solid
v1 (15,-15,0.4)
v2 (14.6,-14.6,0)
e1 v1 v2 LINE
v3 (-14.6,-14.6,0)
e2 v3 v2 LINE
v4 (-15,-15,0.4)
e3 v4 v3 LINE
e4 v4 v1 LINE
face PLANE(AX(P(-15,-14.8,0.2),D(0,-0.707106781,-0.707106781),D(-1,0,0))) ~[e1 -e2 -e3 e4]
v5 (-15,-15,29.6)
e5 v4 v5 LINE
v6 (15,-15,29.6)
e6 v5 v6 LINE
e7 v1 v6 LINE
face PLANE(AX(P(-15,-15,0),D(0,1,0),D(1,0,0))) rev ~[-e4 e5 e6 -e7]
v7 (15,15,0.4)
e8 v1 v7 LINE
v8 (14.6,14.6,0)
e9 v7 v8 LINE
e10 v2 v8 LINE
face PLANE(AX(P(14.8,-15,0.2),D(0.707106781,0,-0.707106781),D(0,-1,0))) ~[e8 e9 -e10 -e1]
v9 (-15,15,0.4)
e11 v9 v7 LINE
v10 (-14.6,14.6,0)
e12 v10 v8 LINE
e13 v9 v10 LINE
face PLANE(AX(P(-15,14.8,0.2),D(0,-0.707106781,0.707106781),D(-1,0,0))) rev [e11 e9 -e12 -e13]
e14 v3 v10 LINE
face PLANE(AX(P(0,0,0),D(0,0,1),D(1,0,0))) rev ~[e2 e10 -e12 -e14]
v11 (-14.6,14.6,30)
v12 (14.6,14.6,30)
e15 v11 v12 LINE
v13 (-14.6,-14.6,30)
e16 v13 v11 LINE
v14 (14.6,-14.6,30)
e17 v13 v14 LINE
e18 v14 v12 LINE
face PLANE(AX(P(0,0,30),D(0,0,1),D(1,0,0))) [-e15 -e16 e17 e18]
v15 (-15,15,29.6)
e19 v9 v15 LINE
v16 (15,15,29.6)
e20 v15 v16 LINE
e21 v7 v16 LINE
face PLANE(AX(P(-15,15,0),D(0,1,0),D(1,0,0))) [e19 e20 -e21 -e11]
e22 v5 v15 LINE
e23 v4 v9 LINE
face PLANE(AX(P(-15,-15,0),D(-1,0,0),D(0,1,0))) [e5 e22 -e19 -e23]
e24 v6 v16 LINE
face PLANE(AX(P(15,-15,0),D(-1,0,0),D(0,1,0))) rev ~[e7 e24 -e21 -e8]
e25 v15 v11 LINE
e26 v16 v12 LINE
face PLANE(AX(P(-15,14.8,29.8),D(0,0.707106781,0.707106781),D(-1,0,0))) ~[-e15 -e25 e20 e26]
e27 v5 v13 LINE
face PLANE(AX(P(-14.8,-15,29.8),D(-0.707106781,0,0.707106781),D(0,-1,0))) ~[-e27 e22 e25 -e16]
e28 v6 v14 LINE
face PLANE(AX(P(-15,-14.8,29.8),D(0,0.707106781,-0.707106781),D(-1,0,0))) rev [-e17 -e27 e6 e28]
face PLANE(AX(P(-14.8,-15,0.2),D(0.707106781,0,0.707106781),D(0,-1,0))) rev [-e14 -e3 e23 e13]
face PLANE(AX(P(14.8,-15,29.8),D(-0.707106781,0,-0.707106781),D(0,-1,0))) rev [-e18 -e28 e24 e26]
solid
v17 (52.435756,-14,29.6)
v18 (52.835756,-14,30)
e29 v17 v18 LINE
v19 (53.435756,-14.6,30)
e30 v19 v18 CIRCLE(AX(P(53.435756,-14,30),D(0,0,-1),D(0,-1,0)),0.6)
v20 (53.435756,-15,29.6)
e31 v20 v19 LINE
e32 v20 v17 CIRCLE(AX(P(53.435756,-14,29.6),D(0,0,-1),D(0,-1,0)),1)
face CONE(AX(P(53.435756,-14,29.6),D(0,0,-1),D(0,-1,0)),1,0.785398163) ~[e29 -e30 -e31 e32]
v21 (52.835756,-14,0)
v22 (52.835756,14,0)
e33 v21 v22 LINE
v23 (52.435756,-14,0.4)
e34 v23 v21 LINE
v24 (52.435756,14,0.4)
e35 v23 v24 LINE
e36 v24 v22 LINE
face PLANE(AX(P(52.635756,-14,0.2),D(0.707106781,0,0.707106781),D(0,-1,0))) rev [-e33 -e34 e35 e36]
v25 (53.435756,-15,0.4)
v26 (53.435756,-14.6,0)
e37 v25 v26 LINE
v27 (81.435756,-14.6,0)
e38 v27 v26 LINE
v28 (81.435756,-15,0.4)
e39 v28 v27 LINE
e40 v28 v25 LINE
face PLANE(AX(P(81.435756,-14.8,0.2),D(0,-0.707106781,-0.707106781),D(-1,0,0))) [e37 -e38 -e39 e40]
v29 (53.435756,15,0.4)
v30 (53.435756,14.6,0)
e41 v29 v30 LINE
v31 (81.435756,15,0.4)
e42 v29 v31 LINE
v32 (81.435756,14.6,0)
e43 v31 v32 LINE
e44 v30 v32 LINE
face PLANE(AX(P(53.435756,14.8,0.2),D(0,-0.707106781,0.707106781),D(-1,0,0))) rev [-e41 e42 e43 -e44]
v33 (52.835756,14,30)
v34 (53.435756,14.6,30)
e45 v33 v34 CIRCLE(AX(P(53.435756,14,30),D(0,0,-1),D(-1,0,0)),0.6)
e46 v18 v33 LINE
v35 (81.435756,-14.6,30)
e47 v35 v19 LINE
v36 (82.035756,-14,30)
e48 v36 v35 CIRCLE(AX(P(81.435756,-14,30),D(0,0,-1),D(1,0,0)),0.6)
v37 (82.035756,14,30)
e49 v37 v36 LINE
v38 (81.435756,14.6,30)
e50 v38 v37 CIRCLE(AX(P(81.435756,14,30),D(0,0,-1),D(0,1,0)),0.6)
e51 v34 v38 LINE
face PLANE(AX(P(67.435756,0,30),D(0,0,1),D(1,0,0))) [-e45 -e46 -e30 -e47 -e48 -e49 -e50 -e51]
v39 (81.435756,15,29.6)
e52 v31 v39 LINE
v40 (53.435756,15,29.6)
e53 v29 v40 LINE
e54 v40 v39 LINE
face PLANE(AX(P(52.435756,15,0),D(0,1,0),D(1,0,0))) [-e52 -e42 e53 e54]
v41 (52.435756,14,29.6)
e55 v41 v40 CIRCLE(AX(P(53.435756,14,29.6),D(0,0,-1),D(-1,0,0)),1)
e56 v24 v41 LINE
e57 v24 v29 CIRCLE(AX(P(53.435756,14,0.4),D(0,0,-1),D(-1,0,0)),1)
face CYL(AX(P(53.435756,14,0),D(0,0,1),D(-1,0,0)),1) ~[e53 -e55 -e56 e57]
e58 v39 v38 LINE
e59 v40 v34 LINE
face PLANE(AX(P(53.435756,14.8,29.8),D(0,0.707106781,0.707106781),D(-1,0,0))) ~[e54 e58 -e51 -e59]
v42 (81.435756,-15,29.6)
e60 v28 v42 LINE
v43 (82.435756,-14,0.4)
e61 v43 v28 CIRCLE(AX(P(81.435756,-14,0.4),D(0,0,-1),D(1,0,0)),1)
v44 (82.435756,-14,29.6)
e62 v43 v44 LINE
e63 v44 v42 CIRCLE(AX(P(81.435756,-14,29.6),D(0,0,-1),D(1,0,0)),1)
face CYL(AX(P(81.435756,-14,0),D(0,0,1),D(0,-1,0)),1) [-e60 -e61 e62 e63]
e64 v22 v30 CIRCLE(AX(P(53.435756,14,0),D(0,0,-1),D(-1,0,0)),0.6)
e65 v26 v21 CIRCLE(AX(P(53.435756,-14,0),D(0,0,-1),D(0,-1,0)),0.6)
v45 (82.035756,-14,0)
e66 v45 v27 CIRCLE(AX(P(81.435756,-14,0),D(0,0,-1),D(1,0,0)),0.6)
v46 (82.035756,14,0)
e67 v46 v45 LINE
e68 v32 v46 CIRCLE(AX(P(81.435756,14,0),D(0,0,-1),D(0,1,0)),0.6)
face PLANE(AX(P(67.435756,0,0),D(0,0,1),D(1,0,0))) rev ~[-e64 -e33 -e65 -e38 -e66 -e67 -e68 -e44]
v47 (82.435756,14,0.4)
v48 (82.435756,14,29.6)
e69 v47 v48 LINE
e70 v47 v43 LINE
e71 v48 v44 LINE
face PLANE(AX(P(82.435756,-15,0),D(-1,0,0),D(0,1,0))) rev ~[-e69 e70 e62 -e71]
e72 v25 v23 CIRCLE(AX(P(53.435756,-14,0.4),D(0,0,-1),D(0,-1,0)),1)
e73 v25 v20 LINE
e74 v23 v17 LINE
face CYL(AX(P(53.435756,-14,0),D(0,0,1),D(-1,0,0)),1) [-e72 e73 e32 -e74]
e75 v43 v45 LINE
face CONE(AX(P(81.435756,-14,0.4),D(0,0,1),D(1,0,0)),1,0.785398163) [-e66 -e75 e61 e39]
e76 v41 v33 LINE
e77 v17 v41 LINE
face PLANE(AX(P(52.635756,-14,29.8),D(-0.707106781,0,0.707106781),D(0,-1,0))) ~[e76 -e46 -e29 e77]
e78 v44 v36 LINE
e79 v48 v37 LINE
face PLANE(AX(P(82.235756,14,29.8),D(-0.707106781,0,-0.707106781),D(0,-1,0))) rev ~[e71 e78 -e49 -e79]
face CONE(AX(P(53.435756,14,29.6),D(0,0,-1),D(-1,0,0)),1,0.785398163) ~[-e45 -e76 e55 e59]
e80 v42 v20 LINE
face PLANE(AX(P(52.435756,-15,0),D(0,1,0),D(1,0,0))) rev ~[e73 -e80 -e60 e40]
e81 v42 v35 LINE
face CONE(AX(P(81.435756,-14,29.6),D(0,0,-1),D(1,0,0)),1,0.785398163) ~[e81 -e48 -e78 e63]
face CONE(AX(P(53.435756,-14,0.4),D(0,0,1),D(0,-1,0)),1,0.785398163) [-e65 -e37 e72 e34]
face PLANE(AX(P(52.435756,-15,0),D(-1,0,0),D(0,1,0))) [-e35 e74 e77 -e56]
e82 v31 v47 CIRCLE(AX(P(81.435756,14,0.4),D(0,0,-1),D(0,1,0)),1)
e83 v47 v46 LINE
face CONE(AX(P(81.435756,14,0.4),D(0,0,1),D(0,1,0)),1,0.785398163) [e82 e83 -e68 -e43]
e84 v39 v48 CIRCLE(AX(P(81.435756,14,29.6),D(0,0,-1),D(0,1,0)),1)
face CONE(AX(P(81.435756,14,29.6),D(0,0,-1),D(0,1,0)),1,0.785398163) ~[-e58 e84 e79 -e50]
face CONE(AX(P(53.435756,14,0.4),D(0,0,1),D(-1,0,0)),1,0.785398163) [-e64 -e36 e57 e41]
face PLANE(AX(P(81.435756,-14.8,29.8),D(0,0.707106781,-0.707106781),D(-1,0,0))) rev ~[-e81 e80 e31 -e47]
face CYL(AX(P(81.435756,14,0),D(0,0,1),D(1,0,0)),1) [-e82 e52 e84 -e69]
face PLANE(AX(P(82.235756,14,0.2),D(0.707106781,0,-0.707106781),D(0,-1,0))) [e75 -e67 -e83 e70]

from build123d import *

# Parameters (mm, degrees)
F0_W     = 30
F0_H     = 30
F1_DEPTH = 30
F2_R     = 1
F3_SIZE  = 0.4


with BuildPart() as f1:
    # F0 (on Top) → F1 (new body)
    with BuildSketch(Plane.XY):
        with Locations((67.435756, 0)):
            Rectangle(F0_W, F0_H)
        Rectangle(F0_W, F0_H)
    extrude(amount=F1_DEPTH)

    # F2
    f2_edges = [f1.edges().sort_by_distance(p)[0] for p in [
        (52.435756, -15, 15),
        (82.435756, -15, 15),
        (82.435756, 15, 15),
        (52.435756, 15, 15),
    ]]
    fillet(f2_edges, radius=F2_R)

    # F3
    f3_edges = [f1.edges().sort_by_distance(p)[0] for p in [
        (-15, 0, 30),
        (0, -15, 30),
        (15, 0, 30),
        (0, 15, 30),
        (52.435756, 0, 30),
        (52.72865, 14.707107, 30),
        (52.72865, -14.707107, 30),
        (67.435756, 15, 30),
        (67.435756, -15, 30),
        (82.142863, 14.707107, 30),
        (82.142863, -14.707107, 30),
        (82.435756, 0, 30),
        (52.435756, 0, 0),
        (52.72865, 14.707107, 0),
        (52.72865, -14.707107, 0),
        (67.435756, 15, 0),
        (67.435756, -15, 0),
        (82.142863, 14.707107, 0),
        (82.142863, -14.707107, 0),
        (82.435756, 0, 0),
        (-15, 0, 0),
        (0, -15, 0),
        (15, 0, 0),
        (0, 15, 0),
    ]]
    chamfer(f3_edges, length=F3_SIZE)


solid = f1.part
